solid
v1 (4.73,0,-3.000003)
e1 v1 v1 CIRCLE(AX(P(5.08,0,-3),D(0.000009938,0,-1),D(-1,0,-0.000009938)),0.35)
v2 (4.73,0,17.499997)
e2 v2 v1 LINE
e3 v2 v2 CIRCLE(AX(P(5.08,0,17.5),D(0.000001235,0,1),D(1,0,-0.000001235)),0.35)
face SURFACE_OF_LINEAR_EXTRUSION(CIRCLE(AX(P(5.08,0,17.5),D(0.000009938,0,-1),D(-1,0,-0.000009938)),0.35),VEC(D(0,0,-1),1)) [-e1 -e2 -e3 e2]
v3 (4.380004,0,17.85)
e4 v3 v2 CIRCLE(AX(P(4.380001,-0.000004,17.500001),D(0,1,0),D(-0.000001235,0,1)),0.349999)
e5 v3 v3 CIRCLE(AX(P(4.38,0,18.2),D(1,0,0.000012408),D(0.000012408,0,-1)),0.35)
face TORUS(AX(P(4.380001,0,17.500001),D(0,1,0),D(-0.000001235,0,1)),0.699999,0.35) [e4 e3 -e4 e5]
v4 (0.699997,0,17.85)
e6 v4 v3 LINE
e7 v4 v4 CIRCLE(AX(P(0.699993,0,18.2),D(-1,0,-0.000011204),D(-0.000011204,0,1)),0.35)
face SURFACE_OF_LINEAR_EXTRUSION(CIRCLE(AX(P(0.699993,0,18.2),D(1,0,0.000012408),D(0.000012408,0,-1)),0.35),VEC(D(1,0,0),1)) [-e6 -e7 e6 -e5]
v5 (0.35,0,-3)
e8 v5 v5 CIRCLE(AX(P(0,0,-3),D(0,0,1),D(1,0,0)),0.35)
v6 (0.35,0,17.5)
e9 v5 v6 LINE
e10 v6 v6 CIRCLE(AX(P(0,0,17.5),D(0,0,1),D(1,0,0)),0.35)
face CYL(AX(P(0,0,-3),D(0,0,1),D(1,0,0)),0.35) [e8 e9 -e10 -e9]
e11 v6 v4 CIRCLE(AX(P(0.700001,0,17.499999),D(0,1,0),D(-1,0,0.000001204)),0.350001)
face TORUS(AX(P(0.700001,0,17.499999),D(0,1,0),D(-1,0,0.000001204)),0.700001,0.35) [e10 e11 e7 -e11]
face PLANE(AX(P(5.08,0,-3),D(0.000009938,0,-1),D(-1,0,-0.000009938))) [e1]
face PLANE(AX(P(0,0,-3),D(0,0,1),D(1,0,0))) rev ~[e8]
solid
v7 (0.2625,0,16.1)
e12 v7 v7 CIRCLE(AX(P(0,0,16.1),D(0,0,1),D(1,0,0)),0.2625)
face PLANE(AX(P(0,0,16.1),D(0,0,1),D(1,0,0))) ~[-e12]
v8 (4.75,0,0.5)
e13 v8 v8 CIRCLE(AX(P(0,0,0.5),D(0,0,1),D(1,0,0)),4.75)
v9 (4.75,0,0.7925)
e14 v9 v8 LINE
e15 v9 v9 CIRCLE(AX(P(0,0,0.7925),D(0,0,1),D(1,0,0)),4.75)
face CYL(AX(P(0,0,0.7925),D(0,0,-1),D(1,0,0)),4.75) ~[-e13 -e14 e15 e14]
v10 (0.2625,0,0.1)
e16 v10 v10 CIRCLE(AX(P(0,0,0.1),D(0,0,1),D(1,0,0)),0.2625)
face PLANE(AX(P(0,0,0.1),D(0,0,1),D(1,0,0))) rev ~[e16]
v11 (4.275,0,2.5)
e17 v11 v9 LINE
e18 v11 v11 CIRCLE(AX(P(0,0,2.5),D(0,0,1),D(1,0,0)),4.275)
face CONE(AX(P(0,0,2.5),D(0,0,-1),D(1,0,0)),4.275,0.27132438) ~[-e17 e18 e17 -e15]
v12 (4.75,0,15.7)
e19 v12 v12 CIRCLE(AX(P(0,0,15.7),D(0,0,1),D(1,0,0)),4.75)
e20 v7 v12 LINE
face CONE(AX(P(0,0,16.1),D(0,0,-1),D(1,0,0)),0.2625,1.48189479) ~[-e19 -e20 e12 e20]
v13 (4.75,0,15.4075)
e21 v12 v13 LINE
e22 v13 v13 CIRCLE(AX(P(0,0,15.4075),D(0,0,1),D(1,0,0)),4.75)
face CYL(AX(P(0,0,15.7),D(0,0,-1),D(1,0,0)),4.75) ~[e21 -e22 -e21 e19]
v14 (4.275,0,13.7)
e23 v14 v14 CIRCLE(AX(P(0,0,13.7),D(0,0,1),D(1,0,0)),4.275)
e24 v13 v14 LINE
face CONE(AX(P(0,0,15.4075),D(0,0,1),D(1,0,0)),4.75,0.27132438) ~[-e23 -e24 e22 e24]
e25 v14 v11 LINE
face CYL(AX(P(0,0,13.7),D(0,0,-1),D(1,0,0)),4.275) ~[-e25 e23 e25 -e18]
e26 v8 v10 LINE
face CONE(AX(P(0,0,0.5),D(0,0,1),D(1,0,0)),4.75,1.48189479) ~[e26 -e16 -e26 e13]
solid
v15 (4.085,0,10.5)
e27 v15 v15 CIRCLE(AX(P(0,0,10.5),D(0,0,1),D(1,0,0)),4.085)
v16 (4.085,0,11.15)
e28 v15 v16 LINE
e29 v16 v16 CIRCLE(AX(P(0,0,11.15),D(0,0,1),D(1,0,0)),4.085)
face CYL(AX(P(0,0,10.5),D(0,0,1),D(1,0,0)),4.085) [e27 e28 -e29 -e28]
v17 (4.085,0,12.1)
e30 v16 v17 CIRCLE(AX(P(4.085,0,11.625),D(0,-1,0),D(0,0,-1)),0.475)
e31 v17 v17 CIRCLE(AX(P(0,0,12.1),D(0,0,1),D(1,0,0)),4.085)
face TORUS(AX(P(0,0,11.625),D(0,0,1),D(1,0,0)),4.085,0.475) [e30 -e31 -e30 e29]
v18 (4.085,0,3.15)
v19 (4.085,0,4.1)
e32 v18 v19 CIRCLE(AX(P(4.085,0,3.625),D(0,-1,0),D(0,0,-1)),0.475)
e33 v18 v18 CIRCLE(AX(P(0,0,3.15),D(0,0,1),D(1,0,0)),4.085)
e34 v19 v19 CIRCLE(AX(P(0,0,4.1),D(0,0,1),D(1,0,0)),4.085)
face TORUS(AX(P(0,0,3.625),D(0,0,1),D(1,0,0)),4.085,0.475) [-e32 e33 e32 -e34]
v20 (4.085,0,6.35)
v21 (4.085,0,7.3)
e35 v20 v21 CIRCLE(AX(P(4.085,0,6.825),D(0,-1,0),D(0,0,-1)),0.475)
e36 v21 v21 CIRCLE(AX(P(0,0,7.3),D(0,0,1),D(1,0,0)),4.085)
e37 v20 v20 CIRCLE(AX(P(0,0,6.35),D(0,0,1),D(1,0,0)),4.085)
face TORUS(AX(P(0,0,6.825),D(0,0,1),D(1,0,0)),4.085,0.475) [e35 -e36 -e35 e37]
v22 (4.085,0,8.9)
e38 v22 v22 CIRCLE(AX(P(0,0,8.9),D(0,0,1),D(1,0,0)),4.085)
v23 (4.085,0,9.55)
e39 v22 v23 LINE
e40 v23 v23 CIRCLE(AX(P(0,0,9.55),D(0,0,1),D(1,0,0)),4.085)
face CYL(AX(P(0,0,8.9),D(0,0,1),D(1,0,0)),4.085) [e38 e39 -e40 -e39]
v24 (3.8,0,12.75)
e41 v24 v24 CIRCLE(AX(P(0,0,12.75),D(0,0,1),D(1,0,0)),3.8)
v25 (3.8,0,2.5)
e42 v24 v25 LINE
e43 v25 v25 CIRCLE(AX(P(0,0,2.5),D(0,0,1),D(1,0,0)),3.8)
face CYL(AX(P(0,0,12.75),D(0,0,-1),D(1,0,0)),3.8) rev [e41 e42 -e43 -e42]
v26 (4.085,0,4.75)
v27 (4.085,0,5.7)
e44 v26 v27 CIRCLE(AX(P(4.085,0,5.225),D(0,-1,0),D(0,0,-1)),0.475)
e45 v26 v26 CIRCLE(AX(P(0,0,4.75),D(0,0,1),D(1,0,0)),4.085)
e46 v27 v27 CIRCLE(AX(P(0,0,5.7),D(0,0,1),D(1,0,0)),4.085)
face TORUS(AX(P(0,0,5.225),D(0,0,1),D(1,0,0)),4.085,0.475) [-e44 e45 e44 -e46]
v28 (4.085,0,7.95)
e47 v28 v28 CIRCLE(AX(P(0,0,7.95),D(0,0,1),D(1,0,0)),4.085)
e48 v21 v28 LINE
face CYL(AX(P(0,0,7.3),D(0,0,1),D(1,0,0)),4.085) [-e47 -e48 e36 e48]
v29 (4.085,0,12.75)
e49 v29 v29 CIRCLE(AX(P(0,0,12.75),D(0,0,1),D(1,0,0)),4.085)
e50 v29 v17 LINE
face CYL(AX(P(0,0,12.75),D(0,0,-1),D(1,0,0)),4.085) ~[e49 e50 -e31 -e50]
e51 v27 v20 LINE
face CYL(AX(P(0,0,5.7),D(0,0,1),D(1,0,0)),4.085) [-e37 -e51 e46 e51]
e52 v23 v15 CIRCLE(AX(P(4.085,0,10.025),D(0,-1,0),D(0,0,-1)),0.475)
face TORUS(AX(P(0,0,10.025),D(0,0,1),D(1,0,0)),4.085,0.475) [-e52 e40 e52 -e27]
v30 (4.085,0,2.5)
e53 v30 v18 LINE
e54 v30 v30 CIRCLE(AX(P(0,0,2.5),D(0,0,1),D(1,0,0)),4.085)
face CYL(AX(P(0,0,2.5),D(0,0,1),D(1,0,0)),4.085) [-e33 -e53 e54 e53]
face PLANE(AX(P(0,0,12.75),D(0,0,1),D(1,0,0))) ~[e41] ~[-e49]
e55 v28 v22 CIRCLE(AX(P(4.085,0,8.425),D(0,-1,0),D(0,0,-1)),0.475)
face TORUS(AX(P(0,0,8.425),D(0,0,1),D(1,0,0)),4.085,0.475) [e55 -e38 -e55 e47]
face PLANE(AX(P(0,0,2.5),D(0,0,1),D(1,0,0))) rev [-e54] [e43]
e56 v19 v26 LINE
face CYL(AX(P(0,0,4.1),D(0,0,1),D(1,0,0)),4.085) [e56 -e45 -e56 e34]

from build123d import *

# Parameters (mm, degrees)
SKETCH_R = 0.35


with BuildPart() as sweep_body:
    # Sweep: sweep along a path in Sketch001
    with BuildLine(Plane.XZ) as sweep_path:
        Line((0, -3), (0, 17.5))
        ThreePointArc((0, 17.5), (0.205023, 17.994972), (0.699993, 18.2))
        Line((0.699993, 18.2), (4.38, 18.2))
        ThreePointArc((4.38, 18.2), (4.874975, 17.994975), (5.08, 17.5))
        Line((5.08, 17.5), (5.08, -3))
    # Sketch → Sweep (sweep)
    with BuildSketch(Plane.XY.offset(-2)):
        Circle(SKETCH_R)
    sweep(path=sweep_path.line)


with BuildPart() as revolution:
    # Sketch002 → Revolution (revolve)
    with BuildSketch(Plane.XZ):
        Polygon((0, 0.1), (0, 16.1), (0.2625, 16.1), (4.75, 15.7), (4.75, 15.4075), (4.275, 13.7), (4.275, 2.5), (4.75, 0.7925), (4.75, 0.5), (0.2625, 0.1), align=None)
    revolve(axis=Axis((0, 0, 0), (0, 0, 1)))


with BuildPart() as revolution001:
    # Sketch003 → Revolution001 (revolve)
    with BuildSketch(Plane.XZ):
        with BuildLine():
            Line((3.8, 12.75), (3.8, 2.5))
            Line((3.8, 2.5), (4.085, 2.5))
            Line((4.085, 2.5), (4.085, 3.15))
            ThreePointArc((4.085, 3.15), (4.56, 3.625), (4.085, 4.1))
            Line((4.085, 4.1), (4.085, 4.75))
            ThreePointArc((4.085, 4.75), (4.56, 5.225), (4.085, 5.7))
            Line((4.085, 5.7), (4.085, 6.35))
            ThreePointArc((4.085, 6.35), (4.56, 6.825), (4.085, 7.3))
            Line((4.085, 7.3), (4.085, 7.95))
            ThreePointArc((4.085, 7.95), (4.56, 8.425), (4.085, 8.9))
            Line((4.085, 8.9), (4.085, 9.55))
            ThreePointArc((4.085, 9.55), (4.56, 10.025), (4.085, 10.5))
            Line((4.085, 10.5), (4.085, 11.15))
            ThreePointArc((4.085, 11.15), (4.56, 11.625), (4.085, 12.1))
            Line((4.085, 12.75), (4.085, 12.1))
            Line((3.8, 12.75), (4.085, 12.75))
        make_face()
    revolve(axis=Axis((0, 0, 0), (0, 0, 1)))


solid = Compound([sweep_body.part, revolution.part, revolution001.part])
